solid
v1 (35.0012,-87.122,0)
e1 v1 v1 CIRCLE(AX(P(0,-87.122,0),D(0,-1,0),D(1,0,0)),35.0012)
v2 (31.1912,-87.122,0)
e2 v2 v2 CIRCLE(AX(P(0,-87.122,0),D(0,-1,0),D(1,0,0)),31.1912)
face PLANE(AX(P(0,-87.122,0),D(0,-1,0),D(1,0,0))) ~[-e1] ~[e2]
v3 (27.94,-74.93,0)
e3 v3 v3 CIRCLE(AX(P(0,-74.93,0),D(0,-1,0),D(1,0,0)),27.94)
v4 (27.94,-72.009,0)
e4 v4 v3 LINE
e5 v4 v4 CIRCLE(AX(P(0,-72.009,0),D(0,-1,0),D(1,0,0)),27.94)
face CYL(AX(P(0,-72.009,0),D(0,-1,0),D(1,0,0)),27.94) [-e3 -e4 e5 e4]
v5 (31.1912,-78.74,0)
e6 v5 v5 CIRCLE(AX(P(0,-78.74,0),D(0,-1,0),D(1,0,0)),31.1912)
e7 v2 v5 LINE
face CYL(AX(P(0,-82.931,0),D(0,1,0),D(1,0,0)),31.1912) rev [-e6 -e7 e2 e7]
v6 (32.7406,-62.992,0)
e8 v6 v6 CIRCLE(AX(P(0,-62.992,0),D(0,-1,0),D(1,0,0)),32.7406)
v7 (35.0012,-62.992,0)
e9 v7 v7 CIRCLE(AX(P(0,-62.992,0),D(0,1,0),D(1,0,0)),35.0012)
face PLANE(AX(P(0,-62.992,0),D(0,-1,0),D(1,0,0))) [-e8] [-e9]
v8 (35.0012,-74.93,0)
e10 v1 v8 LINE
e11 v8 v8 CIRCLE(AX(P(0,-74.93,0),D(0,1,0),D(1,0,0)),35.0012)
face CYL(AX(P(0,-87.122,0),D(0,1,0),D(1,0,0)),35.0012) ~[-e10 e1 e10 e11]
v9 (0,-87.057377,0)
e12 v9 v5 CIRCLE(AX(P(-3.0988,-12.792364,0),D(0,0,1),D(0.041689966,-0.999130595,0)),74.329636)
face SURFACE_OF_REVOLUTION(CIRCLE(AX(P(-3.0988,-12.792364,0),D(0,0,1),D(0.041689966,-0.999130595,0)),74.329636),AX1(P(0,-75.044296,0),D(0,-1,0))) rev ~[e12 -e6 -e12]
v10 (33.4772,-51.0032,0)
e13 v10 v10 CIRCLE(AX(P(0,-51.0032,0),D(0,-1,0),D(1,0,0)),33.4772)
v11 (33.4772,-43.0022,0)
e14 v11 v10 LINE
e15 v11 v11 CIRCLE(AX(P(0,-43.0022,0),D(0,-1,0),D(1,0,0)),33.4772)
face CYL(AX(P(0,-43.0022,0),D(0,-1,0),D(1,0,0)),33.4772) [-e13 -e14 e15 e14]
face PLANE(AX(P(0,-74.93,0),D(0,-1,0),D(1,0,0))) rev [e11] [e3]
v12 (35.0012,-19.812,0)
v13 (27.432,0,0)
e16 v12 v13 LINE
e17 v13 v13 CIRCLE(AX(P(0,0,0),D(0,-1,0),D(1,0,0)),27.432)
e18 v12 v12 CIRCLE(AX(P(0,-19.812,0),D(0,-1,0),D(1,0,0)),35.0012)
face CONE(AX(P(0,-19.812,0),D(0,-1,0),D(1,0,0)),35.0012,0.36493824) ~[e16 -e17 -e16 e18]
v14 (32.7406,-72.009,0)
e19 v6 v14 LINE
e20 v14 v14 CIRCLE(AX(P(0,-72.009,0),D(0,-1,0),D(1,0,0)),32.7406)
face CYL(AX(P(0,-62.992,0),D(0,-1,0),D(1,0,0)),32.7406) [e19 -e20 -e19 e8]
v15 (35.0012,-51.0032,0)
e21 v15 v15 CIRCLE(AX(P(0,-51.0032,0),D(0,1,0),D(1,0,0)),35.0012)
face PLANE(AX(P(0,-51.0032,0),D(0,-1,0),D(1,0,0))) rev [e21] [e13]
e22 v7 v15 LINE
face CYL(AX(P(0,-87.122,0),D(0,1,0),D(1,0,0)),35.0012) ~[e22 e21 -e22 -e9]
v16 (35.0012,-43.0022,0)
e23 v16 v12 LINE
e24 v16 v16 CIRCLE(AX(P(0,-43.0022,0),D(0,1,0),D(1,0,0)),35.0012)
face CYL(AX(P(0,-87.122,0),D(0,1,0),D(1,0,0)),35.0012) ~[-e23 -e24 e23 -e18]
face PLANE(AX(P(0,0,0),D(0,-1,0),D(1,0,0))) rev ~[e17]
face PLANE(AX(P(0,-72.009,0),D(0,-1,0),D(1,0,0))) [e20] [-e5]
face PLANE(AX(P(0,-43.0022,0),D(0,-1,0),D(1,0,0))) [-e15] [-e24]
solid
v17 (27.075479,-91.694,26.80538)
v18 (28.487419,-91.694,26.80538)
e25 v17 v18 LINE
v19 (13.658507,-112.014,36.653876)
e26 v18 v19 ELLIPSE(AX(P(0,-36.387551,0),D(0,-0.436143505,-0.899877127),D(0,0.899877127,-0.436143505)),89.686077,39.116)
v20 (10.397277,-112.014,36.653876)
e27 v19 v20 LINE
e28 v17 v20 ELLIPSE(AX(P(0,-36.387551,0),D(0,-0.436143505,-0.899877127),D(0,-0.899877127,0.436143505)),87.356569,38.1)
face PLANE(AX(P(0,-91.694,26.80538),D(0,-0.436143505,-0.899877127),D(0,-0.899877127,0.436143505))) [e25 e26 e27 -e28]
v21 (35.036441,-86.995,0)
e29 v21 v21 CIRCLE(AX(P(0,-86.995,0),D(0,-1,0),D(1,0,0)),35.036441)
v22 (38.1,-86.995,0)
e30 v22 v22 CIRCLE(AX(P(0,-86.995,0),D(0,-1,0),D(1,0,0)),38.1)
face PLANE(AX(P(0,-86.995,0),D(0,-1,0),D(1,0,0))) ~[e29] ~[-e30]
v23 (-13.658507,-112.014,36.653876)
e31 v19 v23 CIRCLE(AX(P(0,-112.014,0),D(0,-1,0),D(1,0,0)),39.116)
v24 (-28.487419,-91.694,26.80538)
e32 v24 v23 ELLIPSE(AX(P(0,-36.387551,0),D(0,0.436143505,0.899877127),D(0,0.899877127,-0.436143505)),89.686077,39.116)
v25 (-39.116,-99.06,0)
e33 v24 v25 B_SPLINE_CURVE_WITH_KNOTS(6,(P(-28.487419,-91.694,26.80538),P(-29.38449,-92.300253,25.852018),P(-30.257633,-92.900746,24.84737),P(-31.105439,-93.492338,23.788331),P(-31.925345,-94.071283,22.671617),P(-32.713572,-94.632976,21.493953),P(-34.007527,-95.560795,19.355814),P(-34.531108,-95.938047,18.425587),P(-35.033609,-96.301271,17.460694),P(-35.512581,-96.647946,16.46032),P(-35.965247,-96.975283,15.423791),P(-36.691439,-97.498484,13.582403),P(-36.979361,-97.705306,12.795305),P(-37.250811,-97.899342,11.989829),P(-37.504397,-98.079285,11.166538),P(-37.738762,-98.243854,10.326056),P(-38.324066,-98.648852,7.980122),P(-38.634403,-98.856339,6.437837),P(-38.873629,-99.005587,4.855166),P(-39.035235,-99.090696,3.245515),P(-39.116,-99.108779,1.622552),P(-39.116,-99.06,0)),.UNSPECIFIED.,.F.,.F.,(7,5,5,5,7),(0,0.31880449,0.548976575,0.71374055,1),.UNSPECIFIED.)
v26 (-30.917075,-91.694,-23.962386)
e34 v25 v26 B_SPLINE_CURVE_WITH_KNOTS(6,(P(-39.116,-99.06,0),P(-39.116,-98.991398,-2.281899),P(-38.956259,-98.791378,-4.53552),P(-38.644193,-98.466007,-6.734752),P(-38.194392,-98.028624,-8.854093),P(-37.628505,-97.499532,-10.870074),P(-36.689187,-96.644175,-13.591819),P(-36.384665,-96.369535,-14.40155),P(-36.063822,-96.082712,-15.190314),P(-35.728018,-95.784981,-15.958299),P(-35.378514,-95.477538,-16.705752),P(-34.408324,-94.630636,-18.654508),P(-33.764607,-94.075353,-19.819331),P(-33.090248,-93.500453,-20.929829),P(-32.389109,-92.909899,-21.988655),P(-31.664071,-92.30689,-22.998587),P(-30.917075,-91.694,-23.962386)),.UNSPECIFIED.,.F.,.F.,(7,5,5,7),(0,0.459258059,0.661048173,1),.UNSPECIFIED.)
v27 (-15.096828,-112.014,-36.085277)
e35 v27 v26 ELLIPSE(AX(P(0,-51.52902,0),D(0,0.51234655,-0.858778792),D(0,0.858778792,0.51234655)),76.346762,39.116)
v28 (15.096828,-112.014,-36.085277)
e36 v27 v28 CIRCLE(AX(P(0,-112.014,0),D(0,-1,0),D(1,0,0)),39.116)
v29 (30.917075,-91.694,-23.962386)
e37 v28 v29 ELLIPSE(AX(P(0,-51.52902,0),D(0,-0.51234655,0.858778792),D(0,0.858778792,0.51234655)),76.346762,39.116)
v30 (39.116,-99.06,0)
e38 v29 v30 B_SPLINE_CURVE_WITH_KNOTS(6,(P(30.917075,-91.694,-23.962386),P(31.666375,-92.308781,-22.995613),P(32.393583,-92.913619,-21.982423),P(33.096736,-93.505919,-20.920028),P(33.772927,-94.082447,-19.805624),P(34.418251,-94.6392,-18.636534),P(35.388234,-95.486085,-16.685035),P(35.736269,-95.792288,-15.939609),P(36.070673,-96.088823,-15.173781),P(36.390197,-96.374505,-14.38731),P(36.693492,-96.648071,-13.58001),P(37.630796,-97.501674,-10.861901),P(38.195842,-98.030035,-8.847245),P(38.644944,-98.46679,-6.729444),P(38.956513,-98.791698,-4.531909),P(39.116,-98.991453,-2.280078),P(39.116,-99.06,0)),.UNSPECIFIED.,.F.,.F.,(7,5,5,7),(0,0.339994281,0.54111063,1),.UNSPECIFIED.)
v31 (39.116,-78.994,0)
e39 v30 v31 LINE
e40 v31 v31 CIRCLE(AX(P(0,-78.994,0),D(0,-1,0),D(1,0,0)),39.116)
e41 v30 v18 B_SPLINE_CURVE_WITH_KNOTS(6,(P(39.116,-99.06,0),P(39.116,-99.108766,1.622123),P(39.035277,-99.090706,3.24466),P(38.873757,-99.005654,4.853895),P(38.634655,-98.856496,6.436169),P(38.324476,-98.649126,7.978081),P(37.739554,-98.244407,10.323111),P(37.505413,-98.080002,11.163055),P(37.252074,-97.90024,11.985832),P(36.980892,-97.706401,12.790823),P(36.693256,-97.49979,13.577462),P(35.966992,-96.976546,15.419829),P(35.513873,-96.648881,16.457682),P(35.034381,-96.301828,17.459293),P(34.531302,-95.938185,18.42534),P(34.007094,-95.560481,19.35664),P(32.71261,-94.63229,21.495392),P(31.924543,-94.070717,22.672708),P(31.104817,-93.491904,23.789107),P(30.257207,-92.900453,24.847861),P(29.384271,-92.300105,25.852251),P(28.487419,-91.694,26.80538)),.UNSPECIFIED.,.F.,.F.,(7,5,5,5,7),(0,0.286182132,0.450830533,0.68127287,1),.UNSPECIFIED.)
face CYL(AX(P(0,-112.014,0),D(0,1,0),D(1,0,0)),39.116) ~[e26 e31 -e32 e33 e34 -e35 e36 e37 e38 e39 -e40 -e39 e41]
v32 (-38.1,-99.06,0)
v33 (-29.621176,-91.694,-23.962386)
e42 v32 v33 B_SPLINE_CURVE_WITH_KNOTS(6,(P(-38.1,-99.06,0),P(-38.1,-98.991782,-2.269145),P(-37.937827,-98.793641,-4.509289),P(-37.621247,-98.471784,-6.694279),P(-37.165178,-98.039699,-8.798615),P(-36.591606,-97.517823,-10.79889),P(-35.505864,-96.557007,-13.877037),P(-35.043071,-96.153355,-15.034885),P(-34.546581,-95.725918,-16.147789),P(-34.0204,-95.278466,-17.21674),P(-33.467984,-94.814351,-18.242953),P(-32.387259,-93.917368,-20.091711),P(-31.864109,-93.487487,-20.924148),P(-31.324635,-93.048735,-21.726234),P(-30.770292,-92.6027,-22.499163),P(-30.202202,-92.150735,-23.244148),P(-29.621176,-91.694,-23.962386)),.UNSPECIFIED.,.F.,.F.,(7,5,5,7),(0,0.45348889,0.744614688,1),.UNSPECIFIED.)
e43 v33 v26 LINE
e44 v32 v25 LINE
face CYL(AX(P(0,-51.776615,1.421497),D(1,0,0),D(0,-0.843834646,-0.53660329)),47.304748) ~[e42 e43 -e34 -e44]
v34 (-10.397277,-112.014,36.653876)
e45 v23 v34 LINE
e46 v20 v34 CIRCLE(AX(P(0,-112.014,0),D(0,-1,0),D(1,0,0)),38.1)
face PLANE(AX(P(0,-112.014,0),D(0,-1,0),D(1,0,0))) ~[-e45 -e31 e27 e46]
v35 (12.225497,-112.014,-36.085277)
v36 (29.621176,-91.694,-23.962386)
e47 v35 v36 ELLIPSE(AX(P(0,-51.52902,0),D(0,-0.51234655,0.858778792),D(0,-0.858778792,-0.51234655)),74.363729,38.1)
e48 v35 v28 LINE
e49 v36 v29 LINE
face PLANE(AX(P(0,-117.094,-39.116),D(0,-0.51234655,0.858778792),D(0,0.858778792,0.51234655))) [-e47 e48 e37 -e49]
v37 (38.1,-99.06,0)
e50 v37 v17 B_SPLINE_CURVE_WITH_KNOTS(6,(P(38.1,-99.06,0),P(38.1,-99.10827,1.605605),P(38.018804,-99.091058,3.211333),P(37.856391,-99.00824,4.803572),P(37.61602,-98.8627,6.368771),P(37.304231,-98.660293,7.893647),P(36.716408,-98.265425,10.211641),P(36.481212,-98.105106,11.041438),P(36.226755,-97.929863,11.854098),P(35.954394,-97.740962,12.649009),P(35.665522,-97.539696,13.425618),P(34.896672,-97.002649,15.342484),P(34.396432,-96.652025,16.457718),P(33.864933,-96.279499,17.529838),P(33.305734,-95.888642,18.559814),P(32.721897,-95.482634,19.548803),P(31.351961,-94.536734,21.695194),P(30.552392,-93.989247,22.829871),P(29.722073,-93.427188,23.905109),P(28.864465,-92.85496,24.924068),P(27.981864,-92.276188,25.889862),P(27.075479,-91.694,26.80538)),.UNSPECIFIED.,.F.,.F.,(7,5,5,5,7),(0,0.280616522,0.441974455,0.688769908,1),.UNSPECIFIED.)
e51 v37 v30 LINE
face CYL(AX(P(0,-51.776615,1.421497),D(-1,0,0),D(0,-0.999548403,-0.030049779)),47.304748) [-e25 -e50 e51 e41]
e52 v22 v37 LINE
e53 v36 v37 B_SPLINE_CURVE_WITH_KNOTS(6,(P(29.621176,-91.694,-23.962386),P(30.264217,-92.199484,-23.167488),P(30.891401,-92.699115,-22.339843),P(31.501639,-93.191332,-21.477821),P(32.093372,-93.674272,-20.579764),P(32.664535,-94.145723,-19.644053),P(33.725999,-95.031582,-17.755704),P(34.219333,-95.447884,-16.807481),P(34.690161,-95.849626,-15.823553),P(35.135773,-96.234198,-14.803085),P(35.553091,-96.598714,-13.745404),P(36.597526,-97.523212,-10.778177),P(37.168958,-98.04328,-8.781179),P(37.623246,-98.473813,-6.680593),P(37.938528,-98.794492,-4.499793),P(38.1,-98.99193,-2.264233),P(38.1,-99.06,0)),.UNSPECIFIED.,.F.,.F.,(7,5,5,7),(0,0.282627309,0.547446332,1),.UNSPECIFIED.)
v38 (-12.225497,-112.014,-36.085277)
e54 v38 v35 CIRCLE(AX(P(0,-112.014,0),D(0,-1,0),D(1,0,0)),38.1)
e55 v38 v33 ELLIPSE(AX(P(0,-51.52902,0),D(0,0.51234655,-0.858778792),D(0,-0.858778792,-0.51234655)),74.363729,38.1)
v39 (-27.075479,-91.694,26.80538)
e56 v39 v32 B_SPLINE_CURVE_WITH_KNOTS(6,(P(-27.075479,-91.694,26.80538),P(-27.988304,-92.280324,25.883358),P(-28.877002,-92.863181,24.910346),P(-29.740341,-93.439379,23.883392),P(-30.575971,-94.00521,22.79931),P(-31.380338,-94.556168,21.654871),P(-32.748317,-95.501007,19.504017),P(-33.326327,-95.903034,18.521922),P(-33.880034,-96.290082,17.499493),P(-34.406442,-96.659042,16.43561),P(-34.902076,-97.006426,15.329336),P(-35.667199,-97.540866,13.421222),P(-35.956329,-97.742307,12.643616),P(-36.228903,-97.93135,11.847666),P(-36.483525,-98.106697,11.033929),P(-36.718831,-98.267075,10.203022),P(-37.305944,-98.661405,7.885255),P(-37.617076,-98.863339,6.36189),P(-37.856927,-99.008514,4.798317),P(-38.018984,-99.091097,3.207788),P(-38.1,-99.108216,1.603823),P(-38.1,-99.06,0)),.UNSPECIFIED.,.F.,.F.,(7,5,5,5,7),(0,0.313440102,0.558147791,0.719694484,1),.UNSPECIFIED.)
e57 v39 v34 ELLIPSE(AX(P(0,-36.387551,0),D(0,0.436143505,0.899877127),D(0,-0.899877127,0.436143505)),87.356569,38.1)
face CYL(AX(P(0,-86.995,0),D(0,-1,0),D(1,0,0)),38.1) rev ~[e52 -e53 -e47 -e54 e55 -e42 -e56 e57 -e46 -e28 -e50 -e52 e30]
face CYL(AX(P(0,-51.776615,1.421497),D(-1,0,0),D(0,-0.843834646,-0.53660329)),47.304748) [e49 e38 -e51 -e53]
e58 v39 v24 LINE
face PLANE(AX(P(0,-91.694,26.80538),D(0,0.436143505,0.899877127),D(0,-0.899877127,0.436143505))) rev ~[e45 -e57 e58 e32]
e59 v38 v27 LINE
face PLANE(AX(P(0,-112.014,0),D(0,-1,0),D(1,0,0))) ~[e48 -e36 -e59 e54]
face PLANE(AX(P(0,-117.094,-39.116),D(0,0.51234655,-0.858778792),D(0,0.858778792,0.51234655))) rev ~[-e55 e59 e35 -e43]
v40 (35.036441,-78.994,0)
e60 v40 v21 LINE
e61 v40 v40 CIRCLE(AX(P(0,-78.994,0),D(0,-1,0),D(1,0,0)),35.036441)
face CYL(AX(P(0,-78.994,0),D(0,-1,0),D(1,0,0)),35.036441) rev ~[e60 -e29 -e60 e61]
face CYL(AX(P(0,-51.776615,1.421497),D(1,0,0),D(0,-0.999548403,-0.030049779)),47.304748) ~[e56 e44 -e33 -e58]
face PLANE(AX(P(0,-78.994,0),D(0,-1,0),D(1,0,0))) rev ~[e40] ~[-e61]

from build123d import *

# Parameters (mm, degrees)
F0_W          = 3.81
F0_H          = 8.382
F4_DEPTH      = 50.8
F4_DEPTH_BACK = 50.8
F5_W          = 11.241811163
F5_H          = 11.9888


with BuildPart() as f2:
    # F0 (on Top) → F2 (revolve)
    with BuildSketch(Plane.XY):
        Polygon((27.432, 0), (0, 0), (0, -19.812), (35.0012, -19.812), align=None)
        with BuildLine():
            Line((35.0012, -19.812), (0, -19.812))
            Line((0, -19.812), (0, -87.0573774754))
            ThreePointArc((0, -87.0573774754), (16.0525781065, -84.6124134733), (31.1912, -78.74))
            Line((31.1912, -78.74), (35.0012, -78.74))
            Line((35.0012, -78.74), (35.0012, -19.812))
        make_face()
        with Locations((33.0962, -82.931)):
            Rectangle(F0_W, F0_H)
    revolve(axis=Axis((0, -75.0442962162, 0), (0, -1, 0)))

    # F5 (on Top) → F6 (revolve, cut)
    with BuildSketch(Plane.XY):
        Polygon((35.5092, -62.992), (32.7406, -62.992), (32.7406, -72.009), (46.751011163, -72.009), (46.751011163, -62.992), align=None)
        with Locations((41.1301055815, -56.9976)):
            Rectangle(F5_W, F5_H)
        Polygon((46.751011163, -72.009), (32.7406, -72.009), (27.94, -72.009), (27.94, -74.93), (46.751011163, -74.93), align=None)
        Polygon((33.4772, -51.0032), (35.5092, -51.0032), (46.751011163, -51.0032), (46.751011163, -43.0022), (33.4772, -43.0022), align=None)
    revolve(axis=Axis((0, -65.7451344887, 0), (0, -1, 0)), mode=Mode.SUBTRACT)


with BuildPart() as f2b:
    # F1 (on Top) → F2, piece 2 (revolve)
    with BuildSketch(Plane.XY):
        Polygon((38.1, -86.995), (38.1, -112.014), (39.116, -112.014), (39.116, -78.994), (35.0364409387, -78.994), (35.0364409387, -86.995), align=None)
    revolve(axis=Axis((0, -75.0442962162, 0), (0, -1, 0)))

    # F3 (on Right) → F4 (cut, two sides)
    with BuildSketch(Plane.YZ) as f4_sk:
        with BuildLine():
            ThreePointArc((-91.694, -23.9623859525), (-96.9932331589, -12.4780205239), (-99.06, 0))
            Line((-99.06, 0), (-117.094, 0))
            Line((-117.094, 0), (-117.094, -39.116))
            Line((-117.094, -39.116), (-91.694, -23.9623859525))
        make_face()
        with BuildLine():
            Line((-117.094, 0), (-99.06, 0))
            ThreePointArc((-99.06, 0), (-97.3904909234, 13.9559885826), (-91.694, 26.8053803593))
            Line((-91.694, 26.8053803593), (-117.094, 39.116))
            Line((-117.094, 39.116), (-117.094, 0))
        make_face()
    extrude(amount=-F4_DEPTH, mode=Mode.SUBTRACT)
    extrude(f4_sk.sketch, amount=F4_DEPTH_BACK, mode=Mode.SUBTRACT)


solid = Compound([f2.part, f2b.part])
